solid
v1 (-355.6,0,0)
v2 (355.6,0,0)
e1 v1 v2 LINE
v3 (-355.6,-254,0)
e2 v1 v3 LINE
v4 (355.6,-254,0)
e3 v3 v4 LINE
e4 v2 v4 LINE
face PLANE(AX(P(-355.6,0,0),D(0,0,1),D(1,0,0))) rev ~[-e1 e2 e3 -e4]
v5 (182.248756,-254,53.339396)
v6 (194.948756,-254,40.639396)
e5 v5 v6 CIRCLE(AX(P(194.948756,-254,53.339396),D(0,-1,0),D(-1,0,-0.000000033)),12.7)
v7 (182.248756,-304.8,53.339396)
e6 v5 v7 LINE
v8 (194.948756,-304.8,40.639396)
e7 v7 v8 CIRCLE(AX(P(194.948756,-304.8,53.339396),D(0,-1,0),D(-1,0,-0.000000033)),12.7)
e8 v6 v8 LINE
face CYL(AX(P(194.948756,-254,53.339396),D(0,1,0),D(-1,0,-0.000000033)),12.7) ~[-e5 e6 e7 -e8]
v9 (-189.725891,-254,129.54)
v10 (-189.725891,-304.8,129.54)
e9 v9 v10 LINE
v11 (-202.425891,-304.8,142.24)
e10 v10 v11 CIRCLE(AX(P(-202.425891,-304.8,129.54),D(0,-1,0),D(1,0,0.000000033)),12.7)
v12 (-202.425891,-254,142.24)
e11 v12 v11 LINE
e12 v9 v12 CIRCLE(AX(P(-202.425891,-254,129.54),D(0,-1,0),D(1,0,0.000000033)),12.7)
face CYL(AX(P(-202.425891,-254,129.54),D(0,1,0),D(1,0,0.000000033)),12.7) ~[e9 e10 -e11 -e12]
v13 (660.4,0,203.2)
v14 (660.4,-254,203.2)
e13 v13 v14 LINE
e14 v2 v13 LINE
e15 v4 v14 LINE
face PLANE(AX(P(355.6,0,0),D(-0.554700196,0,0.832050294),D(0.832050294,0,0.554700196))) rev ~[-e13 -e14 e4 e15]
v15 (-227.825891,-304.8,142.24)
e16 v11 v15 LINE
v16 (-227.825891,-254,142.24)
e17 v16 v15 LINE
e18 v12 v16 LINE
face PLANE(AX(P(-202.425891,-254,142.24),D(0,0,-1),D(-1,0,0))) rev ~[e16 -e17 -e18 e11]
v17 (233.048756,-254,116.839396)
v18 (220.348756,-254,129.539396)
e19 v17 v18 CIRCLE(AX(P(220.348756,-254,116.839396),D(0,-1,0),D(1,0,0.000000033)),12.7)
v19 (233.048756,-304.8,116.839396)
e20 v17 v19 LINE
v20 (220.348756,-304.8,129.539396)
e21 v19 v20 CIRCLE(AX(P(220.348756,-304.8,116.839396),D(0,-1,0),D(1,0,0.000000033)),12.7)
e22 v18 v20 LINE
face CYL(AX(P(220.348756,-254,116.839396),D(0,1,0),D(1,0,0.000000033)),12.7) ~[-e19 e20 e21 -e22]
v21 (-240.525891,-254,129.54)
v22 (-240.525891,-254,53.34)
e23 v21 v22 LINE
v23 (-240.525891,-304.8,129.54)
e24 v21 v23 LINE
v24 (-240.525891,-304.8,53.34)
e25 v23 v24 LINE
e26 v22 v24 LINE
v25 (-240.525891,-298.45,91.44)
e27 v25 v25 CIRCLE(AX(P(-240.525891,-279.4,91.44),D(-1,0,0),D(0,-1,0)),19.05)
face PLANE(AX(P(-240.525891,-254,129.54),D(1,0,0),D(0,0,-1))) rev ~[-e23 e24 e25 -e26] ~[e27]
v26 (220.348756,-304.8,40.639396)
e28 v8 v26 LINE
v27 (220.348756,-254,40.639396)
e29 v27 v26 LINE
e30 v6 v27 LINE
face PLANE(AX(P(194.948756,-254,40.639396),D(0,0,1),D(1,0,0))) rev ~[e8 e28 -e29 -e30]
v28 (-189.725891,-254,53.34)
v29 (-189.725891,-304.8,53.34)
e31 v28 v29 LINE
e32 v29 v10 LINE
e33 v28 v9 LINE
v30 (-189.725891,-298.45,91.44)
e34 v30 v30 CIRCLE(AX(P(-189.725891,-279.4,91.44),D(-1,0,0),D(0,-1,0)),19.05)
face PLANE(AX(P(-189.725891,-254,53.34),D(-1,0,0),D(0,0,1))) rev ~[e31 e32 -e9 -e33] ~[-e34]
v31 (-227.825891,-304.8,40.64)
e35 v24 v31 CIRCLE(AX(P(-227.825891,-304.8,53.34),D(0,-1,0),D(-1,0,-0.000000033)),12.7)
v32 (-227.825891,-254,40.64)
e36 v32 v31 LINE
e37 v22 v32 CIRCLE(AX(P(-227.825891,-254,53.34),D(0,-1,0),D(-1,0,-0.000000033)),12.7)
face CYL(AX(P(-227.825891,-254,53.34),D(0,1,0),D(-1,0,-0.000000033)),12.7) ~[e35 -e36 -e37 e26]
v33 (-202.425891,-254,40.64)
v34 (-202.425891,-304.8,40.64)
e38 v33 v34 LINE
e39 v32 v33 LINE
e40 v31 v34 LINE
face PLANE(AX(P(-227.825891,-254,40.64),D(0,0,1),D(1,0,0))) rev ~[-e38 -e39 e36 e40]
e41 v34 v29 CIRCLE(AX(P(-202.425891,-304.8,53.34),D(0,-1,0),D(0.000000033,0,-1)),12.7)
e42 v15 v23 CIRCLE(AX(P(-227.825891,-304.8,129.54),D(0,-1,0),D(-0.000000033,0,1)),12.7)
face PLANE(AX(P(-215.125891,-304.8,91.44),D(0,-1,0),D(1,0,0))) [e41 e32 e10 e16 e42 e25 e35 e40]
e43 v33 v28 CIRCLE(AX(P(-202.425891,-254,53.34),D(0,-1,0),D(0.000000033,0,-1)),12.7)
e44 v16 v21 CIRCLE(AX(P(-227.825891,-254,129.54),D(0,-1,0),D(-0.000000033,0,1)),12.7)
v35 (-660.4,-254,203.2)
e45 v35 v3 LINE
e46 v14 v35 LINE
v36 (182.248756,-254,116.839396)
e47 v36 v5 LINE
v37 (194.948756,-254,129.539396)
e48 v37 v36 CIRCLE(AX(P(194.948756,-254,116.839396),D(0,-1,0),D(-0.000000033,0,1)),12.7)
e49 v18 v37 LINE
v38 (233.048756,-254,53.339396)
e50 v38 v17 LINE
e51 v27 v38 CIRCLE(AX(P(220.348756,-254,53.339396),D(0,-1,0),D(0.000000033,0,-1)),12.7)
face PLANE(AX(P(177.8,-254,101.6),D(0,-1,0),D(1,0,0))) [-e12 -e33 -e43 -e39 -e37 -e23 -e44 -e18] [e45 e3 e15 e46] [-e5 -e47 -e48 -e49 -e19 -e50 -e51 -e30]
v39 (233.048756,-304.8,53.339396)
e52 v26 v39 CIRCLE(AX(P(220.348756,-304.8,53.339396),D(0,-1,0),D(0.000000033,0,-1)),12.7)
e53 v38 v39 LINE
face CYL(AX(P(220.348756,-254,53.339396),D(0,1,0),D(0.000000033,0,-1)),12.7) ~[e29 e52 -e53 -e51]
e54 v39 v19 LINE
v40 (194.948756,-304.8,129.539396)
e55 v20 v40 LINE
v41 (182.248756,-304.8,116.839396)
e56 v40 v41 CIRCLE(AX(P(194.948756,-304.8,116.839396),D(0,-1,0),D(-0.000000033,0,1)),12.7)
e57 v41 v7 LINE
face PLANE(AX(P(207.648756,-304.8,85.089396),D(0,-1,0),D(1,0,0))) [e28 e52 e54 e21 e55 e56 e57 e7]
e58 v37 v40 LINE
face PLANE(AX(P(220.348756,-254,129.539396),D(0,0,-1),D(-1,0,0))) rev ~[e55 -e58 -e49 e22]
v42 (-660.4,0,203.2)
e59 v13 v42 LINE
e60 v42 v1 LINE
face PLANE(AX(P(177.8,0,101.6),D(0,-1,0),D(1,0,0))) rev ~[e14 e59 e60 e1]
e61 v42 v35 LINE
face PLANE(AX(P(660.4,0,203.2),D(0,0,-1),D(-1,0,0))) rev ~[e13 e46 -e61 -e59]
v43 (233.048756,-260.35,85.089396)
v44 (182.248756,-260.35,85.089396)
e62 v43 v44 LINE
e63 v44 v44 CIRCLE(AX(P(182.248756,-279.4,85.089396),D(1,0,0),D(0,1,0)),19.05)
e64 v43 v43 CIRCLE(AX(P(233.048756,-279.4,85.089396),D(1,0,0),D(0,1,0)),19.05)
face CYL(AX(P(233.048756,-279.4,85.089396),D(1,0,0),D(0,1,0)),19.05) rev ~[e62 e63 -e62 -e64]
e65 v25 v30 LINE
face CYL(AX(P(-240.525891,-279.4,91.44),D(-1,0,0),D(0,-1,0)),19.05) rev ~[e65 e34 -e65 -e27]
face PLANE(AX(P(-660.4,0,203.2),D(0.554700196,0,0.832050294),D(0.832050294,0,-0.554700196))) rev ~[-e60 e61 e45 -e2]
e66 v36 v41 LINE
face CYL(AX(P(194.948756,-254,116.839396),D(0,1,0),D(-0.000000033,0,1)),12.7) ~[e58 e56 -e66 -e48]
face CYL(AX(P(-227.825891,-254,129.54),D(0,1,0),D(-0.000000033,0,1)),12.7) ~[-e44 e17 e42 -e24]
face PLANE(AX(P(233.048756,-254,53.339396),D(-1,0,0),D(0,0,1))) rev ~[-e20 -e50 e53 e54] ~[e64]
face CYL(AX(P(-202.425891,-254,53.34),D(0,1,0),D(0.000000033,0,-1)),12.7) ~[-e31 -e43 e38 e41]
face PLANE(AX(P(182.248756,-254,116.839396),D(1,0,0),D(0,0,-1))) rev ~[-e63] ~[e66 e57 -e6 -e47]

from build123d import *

# Parameters (mm, degrees)
F0_W     = 355.6
F0_H     = 203.2
F1_DEPTH = 254
F5_DEPTH = 50.8
F6_R     = 19.05
F7_DEPTH = 50.8
F8_R     = 19.05
F9_DEPTH = 50.8


with BuildPart() as f1:
    # F0 (on Front) → F1 (new body)
    with BuildSketch(Plane.XZ):
        with Locations((177.8, 101.6)):
            Rectangle(F0_W, F0_H)
        with Locations((-177.8, 101.6)):
            Rectangle(F0_W, F0_H)
        Polygon((355.6, 203.2), (355.6, 0), (660.4, 203.2), align=None)
        Polygon((-660.4, 203.2), (-355.6, 0), (-355.6, 203.2), align=None)
    extrude(amount=F1_DEPTH)

    # F4 (on face) + F3 (on face) → F5 (join)
    with BuildSketch(Plane.XZ.offset(254)):
        with BuildLine():
            ThreePointArc((-240.525891, 53.34), (-236.806147, 44.359744), (-227.825891, 40.64))
            Line((-227.825891, 40.64), (-202.425891, 40.64))
            ThreePointArc((-202.425891, 40.64), (-193.445635, 44.359744), (-189.725891, 53.34))
            Line((-189.725891, 53.34), (-189.725891, 129.54))
            ThreePointArc((-189.725891, 129.54), (-193.445635, 138.520256), (-202.425891, 142.24))
            Line((-202.425891, 142.24), (-227.825891, 142.24))
            ThreePointArc((-227.825891, 142.24), (-236.806147, 138.520256), (-240.525891, 129.54))
            Line((-240.525891, 129.54), (-240.525891, 53.34))
        make_face()
    with BuildSketch(Plane.XZ.offset(254)):
        with BuildLine():
            ThreePointArc((233.048756, 116.839396), (229.329012, 125.819652), (220.348756, 129.539396))
            Line((220.348756, 129.539396), (194.948756, 129.539396))
            ThreePointArc((194.948756, 129.539396), (185.9685, 125.819652), (182.248756, 116.839396))
            Line((182.248756, 116.839396), (182.248756, 53.339396))
            ThreePointArc((182.248756, 53.339396), (185.9685, 44.35914), (194.948756, 40.639396))
            Line((194.948756, 40.639396), (220.348756, 40.639396))
            ThreePointArc((220.348756, 40.639396), (229.329012, 44.35914), (233.048756, 53.339396))
            Line((233.048756, 53.339396), (233.048756, 116.839396))
        make_face()
    extrude(amount=F5_DEPTH)

    # F6 (on face) → F7 (cut)
    with BuildSketch(Plane.YZ.offset(233.048756)):
        with Locations((-279.4, 85.089396)):
            Circle(F6_R)
    extrude(amount=-F7_DEPTH, mode=Mode.SUBTRACT)

    # F8 (on face) → F9 (cut)
    with BuildSketch(Plane(origin=(-240.525891, 0, 0), x_dir=(0, -1, 0), z_dir=(-1, 0, 0))):
        with Locations((279.4, 91.44)):
            Circle(F8_R)
    extrude(amount=-F9_DEPTH, mode=Mode.SUBTRACT)


solid = f1.part
